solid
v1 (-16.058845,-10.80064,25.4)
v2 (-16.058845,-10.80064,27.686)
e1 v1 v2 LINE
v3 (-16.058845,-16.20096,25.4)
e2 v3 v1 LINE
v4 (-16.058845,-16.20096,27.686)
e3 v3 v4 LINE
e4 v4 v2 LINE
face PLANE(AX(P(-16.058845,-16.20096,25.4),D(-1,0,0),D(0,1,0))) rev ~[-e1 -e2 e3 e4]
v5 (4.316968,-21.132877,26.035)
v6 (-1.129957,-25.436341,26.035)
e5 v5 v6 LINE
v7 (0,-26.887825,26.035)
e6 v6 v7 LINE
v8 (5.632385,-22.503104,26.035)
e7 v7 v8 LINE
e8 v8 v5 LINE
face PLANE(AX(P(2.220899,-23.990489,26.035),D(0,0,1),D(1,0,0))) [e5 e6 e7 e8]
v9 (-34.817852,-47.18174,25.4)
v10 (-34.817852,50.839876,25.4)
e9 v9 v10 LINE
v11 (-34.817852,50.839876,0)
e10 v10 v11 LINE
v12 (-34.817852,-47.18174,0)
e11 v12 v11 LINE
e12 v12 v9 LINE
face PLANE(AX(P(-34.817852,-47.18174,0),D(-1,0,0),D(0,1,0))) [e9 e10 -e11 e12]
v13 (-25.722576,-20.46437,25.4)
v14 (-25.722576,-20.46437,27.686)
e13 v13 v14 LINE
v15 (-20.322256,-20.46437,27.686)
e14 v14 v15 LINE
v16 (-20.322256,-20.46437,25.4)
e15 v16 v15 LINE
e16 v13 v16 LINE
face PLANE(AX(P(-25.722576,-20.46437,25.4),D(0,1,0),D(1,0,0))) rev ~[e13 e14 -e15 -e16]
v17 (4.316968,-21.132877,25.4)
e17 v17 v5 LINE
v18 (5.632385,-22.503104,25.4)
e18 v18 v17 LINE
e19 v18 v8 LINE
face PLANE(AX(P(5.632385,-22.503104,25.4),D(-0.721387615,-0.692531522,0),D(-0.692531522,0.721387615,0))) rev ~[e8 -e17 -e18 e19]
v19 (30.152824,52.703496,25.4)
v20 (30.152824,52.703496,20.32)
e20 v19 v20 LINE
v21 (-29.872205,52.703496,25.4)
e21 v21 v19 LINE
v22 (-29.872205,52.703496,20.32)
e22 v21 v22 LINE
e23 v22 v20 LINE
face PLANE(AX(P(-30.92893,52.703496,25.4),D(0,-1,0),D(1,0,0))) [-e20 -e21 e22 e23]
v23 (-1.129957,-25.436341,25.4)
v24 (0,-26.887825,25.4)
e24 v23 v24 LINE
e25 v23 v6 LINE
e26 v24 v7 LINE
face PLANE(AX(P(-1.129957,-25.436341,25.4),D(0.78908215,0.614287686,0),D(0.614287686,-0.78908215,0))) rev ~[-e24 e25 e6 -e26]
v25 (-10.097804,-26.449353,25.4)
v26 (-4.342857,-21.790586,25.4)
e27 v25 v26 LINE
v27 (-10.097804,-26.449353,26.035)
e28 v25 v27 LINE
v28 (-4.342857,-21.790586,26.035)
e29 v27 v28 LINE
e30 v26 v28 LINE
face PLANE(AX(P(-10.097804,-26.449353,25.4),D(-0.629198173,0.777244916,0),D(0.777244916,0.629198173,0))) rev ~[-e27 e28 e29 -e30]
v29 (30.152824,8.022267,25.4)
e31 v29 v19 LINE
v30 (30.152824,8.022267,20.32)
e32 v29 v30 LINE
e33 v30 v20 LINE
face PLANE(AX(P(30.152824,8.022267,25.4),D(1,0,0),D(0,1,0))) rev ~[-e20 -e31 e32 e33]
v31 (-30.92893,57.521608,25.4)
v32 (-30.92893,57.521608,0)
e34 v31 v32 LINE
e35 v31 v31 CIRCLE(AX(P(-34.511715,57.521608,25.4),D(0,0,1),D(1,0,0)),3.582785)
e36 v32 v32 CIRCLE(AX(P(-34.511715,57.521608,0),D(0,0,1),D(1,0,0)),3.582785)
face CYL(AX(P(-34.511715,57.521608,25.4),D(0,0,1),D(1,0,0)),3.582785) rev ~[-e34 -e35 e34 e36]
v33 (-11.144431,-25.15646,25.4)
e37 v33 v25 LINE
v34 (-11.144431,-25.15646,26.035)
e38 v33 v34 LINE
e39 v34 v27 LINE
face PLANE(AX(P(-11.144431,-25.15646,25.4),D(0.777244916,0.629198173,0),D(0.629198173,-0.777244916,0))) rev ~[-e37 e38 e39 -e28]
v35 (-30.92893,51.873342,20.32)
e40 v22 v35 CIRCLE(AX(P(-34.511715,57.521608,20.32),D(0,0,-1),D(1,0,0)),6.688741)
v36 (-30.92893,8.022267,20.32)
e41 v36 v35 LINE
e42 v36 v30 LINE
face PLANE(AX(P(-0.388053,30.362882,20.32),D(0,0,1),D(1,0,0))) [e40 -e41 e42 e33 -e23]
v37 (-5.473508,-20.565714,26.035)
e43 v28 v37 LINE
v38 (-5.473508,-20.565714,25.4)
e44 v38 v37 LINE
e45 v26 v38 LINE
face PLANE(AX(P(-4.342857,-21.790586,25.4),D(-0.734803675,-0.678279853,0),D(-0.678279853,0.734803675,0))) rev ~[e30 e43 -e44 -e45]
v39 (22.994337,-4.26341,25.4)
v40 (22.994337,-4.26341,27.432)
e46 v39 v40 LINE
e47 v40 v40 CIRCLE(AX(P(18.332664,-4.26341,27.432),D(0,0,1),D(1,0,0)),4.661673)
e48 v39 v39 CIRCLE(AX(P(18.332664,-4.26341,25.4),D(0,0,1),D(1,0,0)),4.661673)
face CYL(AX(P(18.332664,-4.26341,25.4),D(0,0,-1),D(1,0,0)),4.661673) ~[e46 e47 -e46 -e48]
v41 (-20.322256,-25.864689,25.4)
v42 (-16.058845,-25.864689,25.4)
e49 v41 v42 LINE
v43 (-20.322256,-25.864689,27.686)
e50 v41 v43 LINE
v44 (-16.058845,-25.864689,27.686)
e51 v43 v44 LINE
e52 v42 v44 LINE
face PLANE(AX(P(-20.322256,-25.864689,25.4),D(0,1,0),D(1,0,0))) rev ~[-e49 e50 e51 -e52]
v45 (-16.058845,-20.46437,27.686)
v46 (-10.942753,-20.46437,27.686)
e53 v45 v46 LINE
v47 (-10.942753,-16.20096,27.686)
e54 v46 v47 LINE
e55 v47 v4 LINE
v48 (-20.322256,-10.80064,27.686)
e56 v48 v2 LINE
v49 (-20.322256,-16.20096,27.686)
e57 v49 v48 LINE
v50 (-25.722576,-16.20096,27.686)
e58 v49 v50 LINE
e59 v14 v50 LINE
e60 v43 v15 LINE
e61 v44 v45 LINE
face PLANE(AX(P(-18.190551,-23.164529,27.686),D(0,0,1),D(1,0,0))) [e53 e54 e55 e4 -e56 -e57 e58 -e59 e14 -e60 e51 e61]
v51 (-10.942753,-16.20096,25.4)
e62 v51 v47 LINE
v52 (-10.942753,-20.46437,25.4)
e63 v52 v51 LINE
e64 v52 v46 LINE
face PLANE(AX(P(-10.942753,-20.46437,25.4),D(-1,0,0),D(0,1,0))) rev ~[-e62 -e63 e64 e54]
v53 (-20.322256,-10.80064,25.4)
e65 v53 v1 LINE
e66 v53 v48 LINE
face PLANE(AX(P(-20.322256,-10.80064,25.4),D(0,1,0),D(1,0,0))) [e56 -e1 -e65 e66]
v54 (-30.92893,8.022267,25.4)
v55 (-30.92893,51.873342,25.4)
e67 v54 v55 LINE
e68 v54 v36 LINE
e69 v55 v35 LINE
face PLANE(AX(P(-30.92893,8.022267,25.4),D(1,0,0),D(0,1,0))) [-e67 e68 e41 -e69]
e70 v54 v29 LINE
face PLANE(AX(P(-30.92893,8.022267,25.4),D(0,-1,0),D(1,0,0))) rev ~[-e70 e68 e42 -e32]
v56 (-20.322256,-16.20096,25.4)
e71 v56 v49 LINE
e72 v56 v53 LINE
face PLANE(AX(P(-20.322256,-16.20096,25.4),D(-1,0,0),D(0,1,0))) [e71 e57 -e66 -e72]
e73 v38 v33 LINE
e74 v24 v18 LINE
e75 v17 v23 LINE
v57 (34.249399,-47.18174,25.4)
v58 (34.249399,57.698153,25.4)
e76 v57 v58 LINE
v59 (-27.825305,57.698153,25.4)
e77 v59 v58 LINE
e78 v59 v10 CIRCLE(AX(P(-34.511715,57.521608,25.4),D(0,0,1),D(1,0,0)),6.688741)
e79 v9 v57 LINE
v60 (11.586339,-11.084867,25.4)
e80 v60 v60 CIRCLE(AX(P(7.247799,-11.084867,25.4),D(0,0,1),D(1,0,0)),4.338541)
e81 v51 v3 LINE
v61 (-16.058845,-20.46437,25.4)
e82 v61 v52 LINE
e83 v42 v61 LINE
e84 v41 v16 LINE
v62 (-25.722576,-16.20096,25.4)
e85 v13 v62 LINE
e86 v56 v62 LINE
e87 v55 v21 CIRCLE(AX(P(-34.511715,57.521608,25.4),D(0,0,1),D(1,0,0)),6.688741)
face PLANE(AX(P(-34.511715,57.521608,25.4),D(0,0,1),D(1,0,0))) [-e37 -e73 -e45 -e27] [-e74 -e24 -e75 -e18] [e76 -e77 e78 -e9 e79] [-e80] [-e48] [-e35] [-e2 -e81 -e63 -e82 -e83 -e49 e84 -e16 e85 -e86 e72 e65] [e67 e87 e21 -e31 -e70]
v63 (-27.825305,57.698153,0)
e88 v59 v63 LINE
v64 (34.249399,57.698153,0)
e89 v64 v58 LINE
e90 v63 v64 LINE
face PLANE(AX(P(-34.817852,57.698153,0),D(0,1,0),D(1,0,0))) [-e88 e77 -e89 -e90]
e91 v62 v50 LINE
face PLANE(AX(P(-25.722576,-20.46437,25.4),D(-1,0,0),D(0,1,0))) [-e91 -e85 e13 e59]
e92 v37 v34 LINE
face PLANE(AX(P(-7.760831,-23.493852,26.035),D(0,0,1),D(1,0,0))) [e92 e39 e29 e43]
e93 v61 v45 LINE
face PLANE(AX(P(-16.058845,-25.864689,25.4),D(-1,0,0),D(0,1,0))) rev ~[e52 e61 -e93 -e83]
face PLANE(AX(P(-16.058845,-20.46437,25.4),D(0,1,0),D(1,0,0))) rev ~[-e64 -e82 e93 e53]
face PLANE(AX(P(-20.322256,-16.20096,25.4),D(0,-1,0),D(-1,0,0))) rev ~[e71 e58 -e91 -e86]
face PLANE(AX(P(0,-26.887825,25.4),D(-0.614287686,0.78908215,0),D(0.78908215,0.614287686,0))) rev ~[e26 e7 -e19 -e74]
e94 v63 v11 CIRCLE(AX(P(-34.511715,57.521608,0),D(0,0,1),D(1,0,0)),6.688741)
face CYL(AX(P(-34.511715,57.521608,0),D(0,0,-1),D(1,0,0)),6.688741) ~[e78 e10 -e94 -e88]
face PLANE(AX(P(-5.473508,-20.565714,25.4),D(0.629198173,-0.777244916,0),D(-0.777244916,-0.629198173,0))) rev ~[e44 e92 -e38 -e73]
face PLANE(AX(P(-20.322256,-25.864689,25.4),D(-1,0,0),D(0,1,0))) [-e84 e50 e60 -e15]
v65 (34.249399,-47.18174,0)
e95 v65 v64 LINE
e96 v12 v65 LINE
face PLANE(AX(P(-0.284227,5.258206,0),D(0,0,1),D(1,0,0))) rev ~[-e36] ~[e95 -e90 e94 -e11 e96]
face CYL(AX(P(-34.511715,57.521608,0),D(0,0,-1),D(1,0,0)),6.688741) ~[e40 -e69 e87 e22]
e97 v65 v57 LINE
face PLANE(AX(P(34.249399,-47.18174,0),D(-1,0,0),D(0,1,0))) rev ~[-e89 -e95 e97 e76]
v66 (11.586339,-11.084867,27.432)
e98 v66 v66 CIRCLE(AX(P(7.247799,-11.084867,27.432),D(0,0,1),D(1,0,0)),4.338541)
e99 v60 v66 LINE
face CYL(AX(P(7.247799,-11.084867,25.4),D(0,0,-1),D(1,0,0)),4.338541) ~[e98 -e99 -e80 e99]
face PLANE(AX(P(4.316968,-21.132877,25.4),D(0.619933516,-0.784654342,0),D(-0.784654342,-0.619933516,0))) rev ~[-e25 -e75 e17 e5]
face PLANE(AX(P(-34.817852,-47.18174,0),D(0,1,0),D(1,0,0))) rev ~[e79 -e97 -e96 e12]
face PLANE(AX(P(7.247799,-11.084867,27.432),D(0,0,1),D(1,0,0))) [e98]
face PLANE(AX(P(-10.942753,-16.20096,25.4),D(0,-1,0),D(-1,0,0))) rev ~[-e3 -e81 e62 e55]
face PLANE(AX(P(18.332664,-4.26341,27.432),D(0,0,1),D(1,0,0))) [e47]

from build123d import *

# Parameters (mm, degrees)
F0_W      = 69.0672509372
F0_H      = 104.8798933625
F1_DEPTH  = 25.4
F2_W      = 61.0817540437
F2_H      = 44.6812286973
F3_DEPTH  = 5.08
F5_R      = 6.6887407384
F6_DEPTH  = 25.4
F7_R      = 3.582784906
F8_DEPTH  = 25.4
F9_W      = 4.2634103447
F9_H      = 5.4003186524
F9_W_2    = 5.400320515
F9_H_2    = 4.2634103447
F9_W_3    = 5.1160920411
F9_H_3    = 5.4003195837
F10_DEPTH = 2.286
F4_R      = 4.3385405976
F4_R_2    = 4.6616734777
F11_DEPTH = 2.032
F14_DEPTH = 0.635


with BuildPart() as f1:
    # F0 (on Top) → F1 (new body)
    with BuildSketch(Plane.XY):
        with Locations((-0.2842266113, 5.2582062781)):
            Rectangle(F0_W, F0_H)
    extrude(amount=F1_DEPTH)

    # F2 (on face) → F3 (cut)
    with BuildSketch(Plane.XY.offset(25.4)):
        with Locations((-0.3880532458, 30.3628817201)):
            Rectangle(F2_W, F2_H)
    extrude(amount=-F3_DEPTH, mode=Mode.SUBTRACT)

    # F5 (on Top) → F6 (join)
    with BuildSketch(Plane.XY):
        with Locations((-34.5117151737, 57.5216077268)):
            Circle(F5_R)
    extrude(amount=F6_DEPTH)

    # F7 (on face) → F8 (cut)
    with BuildSketch(Plane.XY.offset(25.4)):
        with Locations((-34.5117151737, 57.5216077268)):
            Circle(F7_R)
    extrude(amount=-F8_DEPTH, mode=Mode.SUBTRACT)

    # F9 (on face) → F10 (join)
    with BuildSketch(Plane.XY.offset(25.4)):
        with Locations((-18.1905506179, -23.1645293534)):
            Rectangle(F9_W, F9_H)
        with Locations((-23.0224160478, -18.3326648548)):
            Rectangle(F9_W_2, F9_H_2)
        with Locations((-18.1905506179, -18.3326648548)):
            Rectangle(F9_W, F9_H_2)
        with Locations((-13.5007994249, -18.3326648548)):
            Rectangle(F9_W_3, F9_H_2)
        with Locations((-18.1905506179, -13.5007998906)):
            Rectangle(F9_W, F9_H_3)
    extrude(amount=F10_DEPTH)

    # F4 (on face) → F11 (join)
    with BuildSketch(Plane.XY.offset(25.4)):
        with Locations((7.2477986105, -11.08486671)):
            Circle(F4_R)
        with Locations((18.3326639235, -4.2634103447)):
            Circle(F4_R_2)
    extrude(amount=F11_DEPTH)

    # F12 (on face) + F13 (on face) → F14 (join)
    with BuildSketch(Plane.XY.offset(25.4)):
        Polygon((5.6323851459, -22.5031040609), (4.3169683777, -21.1328770965), (-1.1299567856, -25.4363407869), (0, -26.8878247589), align=None)
    with BuildSketch(Plane.XY.offset(25.4)):
        Polygon((-10.0978044793, -26.4493525028), (-4.3428572826, -21.790586412), (-5.4735084007, -20.5657135335), (-11.1444314917, -25.1564601203), align=None)
    extrude(amount=F14_DEPTH)


solid = f1.part
